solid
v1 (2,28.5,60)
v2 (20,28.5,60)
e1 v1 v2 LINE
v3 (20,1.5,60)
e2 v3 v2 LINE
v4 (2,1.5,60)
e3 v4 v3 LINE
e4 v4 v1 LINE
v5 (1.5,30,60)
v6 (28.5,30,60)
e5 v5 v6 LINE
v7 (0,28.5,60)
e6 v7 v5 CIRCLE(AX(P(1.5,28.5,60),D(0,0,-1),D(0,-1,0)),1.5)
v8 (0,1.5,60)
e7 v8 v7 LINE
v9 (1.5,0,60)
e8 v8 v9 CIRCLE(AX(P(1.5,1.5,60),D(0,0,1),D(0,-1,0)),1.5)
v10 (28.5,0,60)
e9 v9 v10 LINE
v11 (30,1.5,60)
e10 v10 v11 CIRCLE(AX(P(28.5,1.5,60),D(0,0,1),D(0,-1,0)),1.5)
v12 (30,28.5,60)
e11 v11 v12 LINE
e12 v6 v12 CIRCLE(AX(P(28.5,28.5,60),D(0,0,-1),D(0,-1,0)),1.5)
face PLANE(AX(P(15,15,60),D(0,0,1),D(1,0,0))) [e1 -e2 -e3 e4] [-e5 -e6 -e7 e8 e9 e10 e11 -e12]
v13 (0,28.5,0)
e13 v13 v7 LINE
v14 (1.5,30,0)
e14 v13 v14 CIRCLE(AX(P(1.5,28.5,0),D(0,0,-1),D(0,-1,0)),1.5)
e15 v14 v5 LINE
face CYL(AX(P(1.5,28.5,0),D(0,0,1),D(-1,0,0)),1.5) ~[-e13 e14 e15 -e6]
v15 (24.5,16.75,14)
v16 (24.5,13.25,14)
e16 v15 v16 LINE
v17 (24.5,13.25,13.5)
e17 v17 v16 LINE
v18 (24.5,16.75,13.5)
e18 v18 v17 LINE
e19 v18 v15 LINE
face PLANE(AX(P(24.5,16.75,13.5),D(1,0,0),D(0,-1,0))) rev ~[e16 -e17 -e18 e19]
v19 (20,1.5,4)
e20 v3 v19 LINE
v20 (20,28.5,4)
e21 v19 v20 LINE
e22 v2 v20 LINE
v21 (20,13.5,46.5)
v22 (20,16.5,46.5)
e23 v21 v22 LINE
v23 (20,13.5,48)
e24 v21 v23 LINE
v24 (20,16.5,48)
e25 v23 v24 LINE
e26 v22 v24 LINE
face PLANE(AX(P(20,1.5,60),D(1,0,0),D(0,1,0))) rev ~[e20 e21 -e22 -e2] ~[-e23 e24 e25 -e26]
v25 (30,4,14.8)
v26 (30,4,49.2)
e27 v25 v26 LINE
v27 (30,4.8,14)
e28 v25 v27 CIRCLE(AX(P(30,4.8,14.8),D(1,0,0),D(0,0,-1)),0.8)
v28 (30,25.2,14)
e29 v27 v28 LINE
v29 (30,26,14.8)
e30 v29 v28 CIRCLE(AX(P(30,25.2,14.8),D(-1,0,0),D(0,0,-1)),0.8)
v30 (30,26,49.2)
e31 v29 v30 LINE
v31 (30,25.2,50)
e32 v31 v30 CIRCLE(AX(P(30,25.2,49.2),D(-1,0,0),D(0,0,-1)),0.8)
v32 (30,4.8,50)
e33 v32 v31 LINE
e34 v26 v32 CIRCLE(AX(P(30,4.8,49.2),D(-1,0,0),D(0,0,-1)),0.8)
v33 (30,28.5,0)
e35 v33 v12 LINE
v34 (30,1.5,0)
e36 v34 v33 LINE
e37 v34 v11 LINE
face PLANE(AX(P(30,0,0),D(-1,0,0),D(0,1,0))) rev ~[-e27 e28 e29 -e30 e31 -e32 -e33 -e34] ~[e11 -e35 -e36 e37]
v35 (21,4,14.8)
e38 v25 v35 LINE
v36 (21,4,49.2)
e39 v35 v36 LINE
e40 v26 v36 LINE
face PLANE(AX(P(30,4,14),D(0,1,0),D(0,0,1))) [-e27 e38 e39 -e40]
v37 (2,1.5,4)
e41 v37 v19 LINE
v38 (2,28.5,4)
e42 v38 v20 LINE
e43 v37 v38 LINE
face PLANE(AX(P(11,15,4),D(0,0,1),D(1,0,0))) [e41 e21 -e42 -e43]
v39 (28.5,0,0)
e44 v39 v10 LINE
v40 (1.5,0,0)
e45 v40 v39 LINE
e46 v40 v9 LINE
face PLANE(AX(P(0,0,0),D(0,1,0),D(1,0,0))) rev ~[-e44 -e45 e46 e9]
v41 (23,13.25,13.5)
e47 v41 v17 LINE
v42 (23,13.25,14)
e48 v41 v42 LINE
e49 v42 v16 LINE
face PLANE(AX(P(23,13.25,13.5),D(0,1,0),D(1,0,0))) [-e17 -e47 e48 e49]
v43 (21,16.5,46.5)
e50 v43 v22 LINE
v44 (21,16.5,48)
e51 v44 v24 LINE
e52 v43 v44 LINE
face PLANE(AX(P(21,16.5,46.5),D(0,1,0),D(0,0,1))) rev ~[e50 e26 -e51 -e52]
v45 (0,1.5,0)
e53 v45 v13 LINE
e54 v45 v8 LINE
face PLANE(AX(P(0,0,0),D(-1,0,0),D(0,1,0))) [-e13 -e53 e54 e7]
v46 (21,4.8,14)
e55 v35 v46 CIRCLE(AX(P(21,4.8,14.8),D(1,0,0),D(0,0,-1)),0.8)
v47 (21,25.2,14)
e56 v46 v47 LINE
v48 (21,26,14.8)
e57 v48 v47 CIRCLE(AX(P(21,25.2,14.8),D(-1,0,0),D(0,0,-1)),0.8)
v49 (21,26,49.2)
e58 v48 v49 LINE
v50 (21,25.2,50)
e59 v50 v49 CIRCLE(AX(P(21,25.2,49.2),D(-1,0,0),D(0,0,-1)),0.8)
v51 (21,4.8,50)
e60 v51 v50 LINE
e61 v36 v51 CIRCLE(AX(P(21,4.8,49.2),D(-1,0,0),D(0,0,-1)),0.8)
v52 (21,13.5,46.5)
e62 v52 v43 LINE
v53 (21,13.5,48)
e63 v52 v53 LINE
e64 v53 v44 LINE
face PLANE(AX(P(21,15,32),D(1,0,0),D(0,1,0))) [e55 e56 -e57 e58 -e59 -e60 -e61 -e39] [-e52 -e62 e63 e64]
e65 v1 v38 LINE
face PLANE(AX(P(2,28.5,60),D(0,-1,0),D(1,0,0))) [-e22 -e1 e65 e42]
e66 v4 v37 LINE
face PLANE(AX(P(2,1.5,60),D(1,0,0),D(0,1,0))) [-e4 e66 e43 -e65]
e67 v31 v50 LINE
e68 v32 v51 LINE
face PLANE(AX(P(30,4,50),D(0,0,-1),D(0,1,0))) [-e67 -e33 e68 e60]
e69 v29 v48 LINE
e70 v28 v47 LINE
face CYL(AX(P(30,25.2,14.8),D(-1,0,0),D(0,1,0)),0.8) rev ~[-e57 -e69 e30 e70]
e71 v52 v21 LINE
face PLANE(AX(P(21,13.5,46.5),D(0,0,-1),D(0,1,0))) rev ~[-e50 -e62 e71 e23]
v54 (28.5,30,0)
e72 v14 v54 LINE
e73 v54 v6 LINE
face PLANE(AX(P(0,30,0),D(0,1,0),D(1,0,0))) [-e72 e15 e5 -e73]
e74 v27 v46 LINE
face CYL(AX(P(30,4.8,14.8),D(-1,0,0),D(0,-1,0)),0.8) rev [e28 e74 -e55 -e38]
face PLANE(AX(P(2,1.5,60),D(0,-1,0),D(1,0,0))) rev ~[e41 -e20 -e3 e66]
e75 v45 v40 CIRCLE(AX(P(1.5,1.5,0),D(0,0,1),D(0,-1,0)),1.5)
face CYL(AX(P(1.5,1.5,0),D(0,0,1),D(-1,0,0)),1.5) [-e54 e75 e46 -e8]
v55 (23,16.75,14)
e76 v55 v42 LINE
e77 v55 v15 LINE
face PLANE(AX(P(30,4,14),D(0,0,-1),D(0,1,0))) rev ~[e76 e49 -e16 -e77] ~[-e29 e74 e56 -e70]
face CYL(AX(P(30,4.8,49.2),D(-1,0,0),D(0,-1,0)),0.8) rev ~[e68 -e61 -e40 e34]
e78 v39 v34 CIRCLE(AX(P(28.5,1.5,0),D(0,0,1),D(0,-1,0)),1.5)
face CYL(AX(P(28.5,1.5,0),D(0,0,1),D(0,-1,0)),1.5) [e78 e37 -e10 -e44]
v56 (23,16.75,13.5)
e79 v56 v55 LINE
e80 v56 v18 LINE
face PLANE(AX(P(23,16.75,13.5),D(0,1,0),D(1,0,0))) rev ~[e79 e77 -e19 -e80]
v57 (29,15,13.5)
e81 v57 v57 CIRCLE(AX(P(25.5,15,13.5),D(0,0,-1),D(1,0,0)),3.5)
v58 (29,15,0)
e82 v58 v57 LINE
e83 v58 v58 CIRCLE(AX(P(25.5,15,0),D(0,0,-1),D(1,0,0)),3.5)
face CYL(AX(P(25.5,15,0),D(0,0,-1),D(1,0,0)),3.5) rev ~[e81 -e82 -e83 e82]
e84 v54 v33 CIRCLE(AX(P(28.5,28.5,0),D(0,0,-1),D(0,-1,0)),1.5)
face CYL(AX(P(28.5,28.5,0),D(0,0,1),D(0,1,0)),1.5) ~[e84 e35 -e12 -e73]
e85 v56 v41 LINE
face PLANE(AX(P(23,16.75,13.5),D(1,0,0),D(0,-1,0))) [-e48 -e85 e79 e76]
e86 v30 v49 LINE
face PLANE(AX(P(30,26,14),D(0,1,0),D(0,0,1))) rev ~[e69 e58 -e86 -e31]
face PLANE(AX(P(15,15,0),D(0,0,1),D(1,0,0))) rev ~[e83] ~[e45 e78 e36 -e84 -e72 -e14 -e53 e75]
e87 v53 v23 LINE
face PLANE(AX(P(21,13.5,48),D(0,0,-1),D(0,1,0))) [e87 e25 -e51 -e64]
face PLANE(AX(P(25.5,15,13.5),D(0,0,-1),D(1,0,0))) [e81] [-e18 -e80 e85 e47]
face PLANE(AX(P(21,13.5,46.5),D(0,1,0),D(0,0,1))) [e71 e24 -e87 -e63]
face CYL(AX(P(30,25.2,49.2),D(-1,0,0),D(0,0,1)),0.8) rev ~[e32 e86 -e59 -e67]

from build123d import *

# Parameters (mm, degrees)
BOX_W           = 30
BOX_H           = 30
BOX_DEPTH       = 60
SKETCH_W        = 18
SKETCH_H        = 27
POCKET_DEPTH    = 56
SKETCH001_W     = 22
SKETCH001_H     = 36
POCKET001_DEPTH = 9
SKETCH003_R     = 3.5
POCKET002_DEPTH = 13.5
SKETCH004_W     = 1.5
SKETCH004_H     = 3.5
POCKET003_DEPTH = 1
SKETCH005_W     = 3
SKETCH005_H     = 1.5
POCKET004_DEPTH = 1
FILLET_R        = 1.5
FILLET001_R     = 0.8


with BuildPart() as part:
    # Box → Box (new body)
    with BuildSketch(Plane.XY):
        with Locations((15, 15)):
            Rectangle(BOX_W, BOX_H)
    extrude(amount=BOX_DEPTH)

    # Sketch (on Face6 of BaseFeature) → Pocket (cut)
    with BuildSketch(Plane.XY.offset(60)):
        with Locations((11, 15)):
            Rectangle(SKETCH_W, SKETCH_H)
    extrude(amount=-POCKET_DEPTH, mode=Mode.SUBTRACT)

    # Sketch001 (on Face6 of Pocket) → Pocket001 (cut)
    with BuildSketch(Plane.YZ.offset(30)):
        with Locations((15, 32)):
            Rectangle(SKETCH001_W, SKETCH001_H)
    extrude(amount=-POCKET001_DEPTH, mode=Mode.SUBTRACT)

    # Sketch003 (on Face5 of Pocket001) → Pocket002 (cut)
    with BuildSketch(Plane(origin=(0, 0, 0), x_dir=(1, 0, 0), z_dir=(0, 0, -1))):
        with Locations((25.5, -15)):
            Circle(SKETCH003_R)
    extrude(amount=-POCKET002_DEPTH, mode=Mode.SUBTRACT)

    # Sketch004 (on Face17 of Pocket002) → Pocket003 (cut)
    with BuildSketch(Plane(origin=(0, 0, 13.5), x_dir=(1, 0, 0), z_dir=(0, 0, -1))):
        with Locations((23.75, -15)):
            Rectangle(SKETCH004_W, SKETCH004_H)
    extrude(amount=-POCKET003_DEPTH, mode=Mode.SUBTRACT)

    # Sketch005 (on Face18 of Pocket003) → Pocket004 (cut)
    with BuildSketch(Plane.YZ.offset(21)):
        with Locations((15, 47.25)):
            Rectangle(SKETCH005_W, SKETCH005_H)
    extrude(amount=-POCKET004_DEPTH, mode=Mode.SUBTRACT)

    # Fillet
    fillet_edges = [part.edges().sort_by_distance(p)[0] for p in [
        (30, 0, 30),
        (30, 30, 30),
        (0, 0, 30),
        (0, 30, 30),
    ]]
    fillet(fillet_edges, radius=FILLET_R)

    # Fillet001
    fillet001_edges = [part.edges().sort_by_distance(p)[0] for p in [
        (25.5, 26, 50),
        (25.5, 26, 14),
        (25.5, 4, 14),
        (25.5, 4, 50),
    ]]
    fillet(fillet001_edges, radius=FILLET001_R)


solid = part.part
